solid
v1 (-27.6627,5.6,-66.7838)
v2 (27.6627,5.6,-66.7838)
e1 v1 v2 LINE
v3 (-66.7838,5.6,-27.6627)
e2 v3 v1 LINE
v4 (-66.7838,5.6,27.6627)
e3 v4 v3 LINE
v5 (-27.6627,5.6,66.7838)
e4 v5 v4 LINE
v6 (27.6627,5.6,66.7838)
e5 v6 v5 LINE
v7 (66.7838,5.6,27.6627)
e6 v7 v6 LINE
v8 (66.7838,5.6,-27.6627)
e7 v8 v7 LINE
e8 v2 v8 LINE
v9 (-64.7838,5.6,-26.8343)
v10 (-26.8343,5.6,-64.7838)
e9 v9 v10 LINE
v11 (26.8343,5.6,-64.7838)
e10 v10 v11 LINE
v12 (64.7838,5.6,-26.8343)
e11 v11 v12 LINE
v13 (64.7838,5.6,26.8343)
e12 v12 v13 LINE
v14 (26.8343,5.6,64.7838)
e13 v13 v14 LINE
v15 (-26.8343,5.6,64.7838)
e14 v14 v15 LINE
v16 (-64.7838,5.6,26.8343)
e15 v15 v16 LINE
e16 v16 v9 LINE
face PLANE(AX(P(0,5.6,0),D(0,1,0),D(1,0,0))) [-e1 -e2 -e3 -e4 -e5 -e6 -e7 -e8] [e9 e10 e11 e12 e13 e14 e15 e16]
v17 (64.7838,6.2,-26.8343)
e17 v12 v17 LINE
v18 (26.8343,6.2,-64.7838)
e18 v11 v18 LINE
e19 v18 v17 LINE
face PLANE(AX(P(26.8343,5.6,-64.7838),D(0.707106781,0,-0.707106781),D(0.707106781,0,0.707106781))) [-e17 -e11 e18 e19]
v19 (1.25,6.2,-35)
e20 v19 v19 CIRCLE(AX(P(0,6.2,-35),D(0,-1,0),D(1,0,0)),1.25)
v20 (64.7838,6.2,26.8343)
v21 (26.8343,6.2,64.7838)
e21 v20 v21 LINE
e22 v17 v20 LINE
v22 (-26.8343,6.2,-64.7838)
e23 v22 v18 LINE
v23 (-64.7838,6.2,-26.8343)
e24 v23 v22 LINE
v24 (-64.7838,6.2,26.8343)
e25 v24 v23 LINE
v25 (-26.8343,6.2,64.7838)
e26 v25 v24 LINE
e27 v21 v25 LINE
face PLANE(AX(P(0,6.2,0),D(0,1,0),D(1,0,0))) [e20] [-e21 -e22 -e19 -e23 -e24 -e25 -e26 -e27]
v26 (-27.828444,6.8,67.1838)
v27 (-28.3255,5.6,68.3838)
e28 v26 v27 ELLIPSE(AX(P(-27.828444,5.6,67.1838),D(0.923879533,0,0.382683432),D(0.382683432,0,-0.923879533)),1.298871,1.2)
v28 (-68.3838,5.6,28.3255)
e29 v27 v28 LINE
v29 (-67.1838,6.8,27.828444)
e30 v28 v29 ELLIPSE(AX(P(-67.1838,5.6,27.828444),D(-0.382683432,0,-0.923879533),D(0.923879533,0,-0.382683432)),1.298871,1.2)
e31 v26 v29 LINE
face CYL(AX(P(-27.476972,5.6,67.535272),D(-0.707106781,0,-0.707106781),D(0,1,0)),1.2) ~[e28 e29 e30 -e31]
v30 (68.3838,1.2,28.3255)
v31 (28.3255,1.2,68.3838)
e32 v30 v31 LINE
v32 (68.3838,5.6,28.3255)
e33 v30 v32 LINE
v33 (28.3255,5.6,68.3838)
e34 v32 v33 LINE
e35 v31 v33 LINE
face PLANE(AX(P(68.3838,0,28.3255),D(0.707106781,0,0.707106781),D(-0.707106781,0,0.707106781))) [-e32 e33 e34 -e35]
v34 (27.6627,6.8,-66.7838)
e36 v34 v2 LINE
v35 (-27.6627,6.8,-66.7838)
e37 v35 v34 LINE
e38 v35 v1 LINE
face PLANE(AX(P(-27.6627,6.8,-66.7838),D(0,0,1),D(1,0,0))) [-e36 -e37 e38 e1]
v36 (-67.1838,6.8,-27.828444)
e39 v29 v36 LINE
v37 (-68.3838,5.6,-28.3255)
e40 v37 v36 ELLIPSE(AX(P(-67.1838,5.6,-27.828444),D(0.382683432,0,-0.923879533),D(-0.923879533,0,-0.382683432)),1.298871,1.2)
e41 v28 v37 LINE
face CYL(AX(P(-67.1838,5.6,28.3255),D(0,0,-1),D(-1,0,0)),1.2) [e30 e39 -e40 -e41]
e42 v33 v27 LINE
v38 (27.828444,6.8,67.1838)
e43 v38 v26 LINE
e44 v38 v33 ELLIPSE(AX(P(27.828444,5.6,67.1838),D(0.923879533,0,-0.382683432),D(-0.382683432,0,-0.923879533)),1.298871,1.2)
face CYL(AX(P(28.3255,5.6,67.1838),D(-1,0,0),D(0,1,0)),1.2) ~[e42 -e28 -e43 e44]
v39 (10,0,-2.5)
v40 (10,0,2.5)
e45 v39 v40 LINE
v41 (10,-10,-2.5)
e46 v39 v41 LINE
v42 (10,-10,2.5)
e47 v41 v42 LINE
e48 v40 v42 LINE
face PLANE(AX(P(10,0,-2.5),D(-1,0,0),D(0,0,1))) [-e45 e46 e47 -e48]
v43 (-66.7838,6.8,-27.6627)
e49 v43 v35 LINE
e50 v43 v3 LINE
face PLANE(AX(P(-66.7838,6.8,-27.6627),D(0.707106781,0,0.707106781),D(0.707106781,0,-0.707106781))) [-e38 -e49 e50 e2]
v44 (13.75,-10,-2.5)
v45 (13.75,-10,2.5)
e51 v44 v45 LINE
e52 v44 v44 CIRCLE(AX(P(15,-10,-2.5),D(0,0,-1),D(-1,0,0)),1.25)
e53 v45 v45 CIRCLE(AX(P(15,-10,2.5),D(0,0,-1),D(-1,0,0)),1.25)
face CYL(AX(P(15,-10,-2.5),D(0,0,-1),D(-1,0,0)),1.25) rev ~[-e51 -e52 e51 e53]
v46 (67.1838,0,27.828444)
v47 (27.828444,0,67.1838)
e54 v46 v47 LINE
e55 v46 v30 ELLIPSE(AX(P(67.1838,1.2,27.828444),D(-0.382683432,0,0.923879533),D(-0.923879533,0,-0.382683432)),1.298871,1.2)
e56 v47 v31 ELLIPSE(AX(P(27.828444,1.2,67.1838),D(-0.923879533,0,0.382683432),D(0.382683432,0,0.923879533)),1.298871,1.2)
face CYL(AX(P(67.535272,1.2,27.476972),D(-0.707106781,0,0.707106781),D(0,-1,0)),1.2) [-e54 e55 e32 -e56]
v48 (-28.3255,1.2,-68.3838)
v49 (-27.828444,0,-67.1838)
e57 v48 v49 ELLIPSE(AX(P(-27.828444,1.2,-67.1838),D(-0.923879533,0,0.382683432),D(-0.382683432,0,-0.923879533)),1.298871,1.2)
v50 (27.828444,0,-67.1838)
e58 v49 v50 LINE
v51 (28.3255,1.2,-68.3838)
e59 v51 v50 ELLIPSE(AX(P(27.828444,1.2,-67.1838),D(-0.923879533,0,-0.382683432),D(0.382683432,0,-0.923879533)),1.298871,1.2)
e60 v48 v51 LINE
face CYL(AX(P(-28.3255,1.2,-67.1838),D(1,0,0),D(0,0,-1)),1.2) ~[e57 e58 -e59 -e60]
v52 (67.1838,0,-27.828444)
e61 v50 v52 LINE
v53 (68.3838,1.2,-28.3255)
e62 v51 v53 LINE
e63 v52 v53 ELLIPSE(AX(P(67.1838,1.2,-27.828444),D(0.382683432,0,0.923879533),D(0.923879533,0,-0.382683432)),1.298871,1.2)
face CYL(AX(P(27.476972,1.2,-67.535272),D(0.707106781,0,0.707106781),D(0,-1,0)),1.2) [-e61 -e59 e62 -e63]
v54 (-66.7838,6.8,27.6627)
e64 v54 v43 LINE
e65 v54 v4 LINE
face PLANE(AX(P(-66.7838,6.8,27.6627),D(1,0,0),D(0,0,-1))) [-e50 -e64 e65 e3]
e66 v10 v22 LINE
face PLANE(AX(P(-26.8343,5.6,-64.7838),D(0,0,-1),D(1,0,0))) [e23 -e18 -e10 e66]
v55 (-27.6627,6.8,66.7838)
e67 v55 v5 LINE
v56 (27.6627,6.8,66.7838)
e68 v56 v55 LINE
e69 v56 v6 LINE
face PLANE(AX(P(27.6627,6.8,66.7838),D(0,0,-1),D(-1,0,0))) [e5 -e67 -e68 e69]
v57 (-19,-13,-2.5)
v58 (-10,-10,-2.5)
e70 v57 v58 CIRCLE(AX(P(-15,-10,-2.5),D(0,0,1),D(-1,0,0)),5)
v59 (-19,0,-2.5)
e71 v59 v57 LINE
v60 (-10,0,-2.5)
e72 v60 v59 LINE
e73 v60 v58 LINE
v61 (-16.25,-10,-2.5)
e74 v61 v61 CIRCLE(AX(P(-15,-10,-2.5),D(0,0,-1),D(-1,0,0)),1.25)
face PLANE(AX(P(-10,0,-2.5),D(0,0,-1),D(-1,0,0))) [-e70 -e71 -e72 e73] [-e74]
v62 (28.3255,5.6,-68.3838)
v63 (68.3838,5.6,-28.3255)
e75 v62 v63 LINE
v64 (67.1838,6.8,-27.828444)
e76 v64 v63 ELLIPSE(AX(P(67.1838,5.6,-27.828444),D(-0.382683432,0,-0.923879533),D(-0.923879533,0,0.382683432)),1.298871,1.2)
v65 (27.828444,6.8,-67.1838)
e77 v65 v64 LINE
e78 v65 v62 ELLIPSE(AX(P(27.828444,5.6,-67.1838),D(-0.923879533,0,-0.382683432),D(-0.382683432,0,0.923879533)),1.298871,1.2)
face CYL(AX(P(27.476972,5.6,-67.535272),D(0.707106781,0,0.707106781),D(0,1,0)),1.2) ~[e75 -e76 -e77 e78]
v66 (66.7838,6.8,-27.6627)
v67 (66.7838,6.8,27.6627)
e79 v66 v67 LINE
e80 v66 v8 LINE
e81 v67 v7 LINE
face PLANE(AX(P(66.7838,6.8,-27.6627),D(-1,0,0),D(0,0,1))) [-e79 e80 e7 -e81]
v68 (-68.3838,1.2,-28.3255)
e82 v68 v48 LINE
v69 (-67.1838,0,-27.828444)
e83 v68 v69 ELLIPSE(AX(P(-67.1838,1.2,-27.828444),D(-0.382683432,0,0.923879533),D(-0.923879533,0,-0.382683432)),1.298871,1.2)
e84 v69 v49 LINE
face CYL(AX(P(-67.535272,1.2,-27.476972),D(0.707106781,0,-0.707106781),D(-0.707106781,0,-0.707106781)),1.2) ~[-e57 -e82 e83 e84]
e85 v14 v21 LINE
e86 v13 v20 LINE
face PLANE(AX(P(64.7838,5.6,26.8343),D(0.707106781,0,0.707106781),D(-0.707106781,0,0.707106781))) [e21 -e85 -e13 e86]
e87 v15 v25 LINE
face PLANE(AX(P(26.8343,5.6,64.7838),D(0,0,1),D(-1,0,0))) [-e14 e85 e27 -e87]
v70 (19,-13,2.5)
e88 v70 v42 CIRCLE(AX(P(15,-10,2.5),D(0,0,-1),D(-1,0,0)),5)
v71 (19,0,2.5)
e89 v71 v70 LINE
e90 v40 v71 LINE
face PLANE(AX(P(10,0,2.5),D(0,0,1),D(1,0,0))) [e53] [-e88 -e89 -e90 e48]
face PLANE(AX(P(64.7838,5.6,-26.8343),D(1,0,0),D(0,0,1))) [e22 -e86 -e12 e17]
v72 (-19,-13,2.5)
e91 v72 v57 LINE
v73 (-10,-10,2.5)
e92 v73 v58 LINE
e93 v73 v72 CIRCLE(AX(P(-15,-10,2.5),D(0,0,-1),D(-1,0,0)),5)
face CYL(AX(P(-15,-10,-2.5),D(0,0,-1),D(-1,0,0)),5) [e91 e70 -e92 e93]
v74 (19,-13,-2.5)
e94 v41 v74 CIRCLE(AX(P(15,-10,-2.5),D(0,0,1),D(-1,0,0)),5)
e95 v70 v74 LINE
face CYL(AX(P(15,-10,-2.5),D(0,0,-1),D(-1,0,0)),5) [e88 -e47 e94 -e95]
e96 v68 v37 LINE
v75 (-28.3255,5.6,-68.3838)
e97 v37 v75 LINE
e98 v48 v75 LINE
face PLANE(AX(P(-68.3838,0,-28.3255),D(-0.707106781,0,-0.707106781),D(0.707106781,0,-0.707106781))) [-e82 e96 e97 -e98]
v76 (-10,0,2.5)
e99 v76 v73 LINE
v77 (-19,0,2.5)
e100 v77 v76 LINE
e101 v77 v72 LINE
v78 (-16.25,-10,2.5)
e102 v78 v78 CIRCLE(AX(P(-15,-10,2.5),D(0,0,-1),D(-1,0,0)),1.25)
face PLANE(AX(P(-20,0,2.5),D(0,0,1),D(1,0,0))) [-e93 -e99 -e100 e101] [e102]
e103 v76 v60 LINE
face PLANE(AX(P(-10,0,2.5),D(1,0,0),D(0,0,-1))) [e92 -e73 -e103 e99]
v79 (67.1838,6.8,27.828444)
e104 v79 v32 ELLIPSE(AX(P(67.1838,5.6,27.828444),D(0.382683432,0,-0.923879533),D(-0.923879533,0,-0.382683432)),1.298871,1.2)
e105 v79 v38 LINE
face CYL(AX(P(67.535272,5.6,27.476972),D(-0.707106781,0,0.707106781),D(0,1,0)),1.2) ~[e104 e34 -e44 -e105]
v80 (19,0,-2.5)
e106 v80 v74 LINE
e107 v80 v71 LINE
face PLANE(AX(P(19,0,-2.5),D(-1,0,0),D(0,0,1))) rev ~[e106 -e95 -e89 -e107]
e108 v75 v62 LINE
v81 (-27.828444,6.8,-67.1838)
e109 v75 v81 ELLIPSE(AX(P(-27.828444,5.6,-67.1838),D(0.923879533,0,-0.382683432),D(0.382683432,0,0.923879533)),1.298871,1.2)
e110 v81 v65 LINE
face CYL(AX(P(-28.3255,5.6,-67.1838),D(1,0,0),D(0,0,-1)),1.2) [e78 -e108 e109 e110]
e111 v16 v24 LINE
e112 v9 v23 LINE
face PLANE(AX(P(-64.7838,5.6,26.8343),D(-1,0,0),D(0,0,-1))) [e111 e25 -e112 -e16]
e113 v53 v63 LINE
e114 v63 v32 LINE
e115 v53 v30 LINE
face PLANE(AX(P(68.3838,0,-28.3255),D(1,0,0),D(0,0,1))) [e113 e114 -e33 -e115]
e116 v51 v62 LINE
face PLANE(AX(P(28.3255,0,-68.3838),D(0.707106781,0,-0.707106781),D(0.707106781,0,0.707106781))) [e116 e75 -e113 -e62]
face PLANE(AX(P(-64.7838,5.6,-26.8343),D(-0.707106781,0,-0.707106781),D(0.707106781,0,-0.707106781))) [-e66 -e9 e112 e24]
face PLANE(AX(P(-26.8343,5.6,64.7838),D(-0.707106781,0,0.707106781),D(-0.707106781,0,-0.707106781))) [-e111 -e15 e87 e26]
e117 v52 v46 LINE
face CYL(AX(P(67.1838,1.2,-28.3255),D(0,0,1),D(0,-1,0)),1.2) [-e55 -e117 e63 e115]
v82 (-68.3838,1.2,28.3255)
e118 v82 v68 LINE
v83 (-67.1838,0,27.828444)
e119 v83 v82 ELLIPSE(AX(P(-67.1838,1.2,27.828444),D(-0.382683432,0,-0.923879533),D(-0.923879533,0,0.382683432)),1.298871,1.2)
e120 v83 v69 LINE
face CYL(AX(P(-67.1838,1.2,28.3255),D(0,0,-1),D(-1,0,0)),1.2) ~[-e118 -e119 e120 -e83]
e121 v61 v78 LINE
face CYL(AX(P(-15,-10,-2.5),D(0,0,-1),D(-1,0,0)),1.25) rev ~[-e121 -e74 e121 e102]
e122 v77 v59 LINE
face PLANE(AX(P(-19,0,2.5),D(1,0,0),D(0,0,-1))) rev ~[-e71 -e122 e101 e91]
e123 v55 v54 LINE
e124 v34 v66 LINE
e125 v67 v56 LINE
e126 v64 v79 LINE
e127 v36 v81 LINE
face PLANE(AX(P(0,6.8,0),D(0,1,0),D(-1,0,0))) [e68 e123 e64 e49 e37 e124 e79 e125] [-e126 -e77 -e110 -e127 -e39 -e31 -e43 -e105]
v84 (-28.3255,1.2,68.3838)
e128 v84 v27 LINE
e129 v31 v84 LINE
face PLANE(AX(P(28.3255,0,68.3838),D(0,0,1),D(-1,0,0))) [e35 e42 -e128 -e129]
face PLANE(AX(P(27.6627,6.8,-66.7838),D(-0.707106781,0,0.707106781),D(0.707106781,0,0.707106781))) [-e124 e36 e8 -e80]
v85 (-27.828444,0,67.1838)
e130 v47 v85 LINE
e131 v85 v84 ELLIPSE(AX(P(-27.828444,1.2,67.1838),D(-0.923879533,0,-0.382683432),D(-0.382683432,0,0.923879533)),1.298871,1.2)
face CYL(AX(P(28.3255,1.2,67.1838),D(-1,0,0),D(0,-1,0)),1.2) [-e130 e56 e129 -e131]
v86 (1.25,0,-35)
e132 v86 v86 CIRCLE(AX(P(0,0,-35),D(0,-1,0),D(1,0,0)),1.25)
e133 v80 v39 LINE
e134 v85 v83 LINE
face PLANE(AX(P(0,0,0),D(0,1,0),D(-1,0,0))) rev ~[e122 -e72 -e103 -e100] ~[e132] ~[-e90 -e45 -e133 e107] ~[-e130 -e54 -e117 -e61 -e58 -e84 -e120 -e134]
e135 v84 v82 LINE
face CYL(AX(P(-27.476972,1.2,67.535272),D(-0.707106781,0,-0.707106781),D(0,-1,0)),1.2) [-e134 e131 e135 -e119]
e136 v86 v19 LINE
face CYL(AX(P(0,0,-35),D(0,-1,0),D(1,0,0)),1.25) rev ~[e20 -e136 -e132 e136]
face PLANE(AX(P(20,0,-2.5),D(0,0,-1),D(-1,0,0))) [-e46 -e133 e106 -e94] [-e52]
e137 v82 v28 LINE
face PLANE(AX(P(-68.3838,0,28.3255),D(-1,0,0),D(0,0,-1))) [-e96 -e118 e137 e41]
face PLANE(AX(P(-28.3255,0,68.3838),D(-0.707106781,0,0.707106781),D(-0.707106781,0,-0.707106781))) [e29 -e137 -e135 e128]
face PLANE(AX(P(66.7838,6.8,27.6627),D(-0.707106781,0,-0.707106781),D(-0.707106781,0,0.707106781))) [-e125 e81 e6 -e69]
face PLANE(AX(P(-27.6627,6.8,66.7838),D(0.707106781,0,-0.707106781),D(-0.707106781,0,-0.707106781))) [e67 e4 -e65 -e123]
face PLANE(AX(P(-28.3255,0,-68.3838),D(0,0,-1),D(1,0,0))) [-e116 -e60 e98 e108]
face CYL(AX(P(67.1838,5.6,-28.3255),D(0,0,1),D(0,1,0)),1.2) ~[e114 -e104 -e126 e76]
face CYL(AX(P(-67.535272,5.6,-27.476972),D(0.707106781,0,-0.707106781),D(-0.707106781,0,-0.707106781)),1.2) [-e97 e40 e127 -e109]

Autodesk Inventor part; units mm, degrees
ref_plane "YZ Plane" through (0, 0, 0) normal (1, 0, 0) x (0, 1, 0)
ref_plane "XZ Plane" through (0, 0, 0) normal (0, 1, 0) x (-1, 0, 0)
ref_plane "XY Plane" through (0, 0, 0) normal (0, 0, 1) x (1, 0, 0)
sketch "스케치3" plane through (0, 0, 0) normal (0, 1, 0) x (-1, 0, 0)
  line L0 (68.3838, -28.3255) -> (28.3255, -68.3838)
  line L1 (28.3255, -68.3838) -> (-28.3255, -68.3838)
  line L2 (-28.3255, -68.3838) -> (-68.3838, -28.3255)
  line L3 (-68.3838, -28.3255) -> (-68.3838, 28.3255)
  line L4 (-68.3838, 28.3255) -> (-28.3255, 68.3838)
  line L5 (-28.3255, 68.3838) -> (28.3255, 68.3838)
  line L6 (28.3255, 68.3838) -> (68.3838, 28.3255)
  line L7 (68.3838, 28.3255) -> (68.3838, -28.3255)
  line L8 (65.1838, -27) -> (27, -65.1838)
  line L9 (27, -65.1838) -> (-27, -65.1838)
  line L10 (-27, -65.1838) -> (-65.1838, -27)
  line L11 (-65.1838, -27) -> (-65.1838, 27)
  line L12 (-65.1838, 27) -> (-27, 65.1838)
  line L13 (-27, 65.1838) -> (27, 65.1838)
  line L14 (27, 65.1838) -> (65.1838, 27)
  line L15 (65.1838, 27) -> (65.1838, -27)
  point P0 (0, 0)
  point P1 (0, 0)
  point P2 (0, 0)
  point P3 (0, 0)
  dimension "d43" = 54
  dimension "d44" = 3.2
extrude "돌출2" add sketch "스케치3" along normal blind 6.8 contours L0 L1 L2 L3 L4 L5 L6 L7 | L8 L9 L10 L11 L12 L13 L14 L15
sketch "스케치4" plane through (0, 6.8, 0) normal (0, 1, 0) x (1, 0, 0)
  line L0 (26.9172, -64.9838) -> (-26.9172, -64.9838)
  line L1 (-26.9172, -64.9838) -> (-64.9838, -26.9172)
  line L2 (-64.9838, -26.9172) -> (-64.9838, 26.9172)
  line L3 (-64.9838, 26.9172) -> (-26.9172, 64.9838)
  line L4 (-26.9172, 64.9838) -> (26.9172, 64.9838)
  line L5 (26.9172, 64.9838) -> (64.9838, 26.9172)
  line L6 (64.9838, 26.9172) -> (64.9838, -26.9172)
  line L7 (64.9838, -26.9172) -> (26.9172, -64.9838)
  line L8 (-27.6627, 66.7838) -> (27.6627, 66.7838)
  line L9 (27.6627, 66.7838) -> (66.7838, 27.6627)
  line L10 (66.7838, 27.6627) -> (66.7838, -27.6627)
  line L11 (66.7838, -27.6627) -> (27.6627, -66.7838)
  line L12 (27.6627, -66.7838) -> (-27.6627, -66.7838)
  line L13 (-27.6627, -66.7838) -> (-66.7838, -27.6627)
  line L14 (-66.7838, -27.6627) -> (-66.7838, 27.6627)
  line L15 (-66.7838, 27.6627) -> (-27.6627, 66.7838)
  line L16 (-26.8343, 64.7838) -> (26.8343, 64.7838)
  line L17 (26.8343, 64.7838) -> (64.7838, 26.8343)
  line L18 (64.7838, 26.8343) -> (64.7838, -26.8343)
  line L19 (64.7838, -26.8343) -> (26.8343, -64.7838)
  line L20 (26.8343, -64.7838) -> (-26.8343, -64.7838)
  line L21 (-26.8343, -64.7838) -> (-64.7838, -26.8343)
  line L22 (-64.7838, -26.8343) -> (-64.7838, 26.8343)
  line L23 (-64.7838, 26.8343) -> (-26.8343, 64.7838)
  line L24 (-68.3838, 28.3255) -> (-68.3838, -28.3255) projected
  point P0 (0, 0)
  point P1 (0, 0)
  point P2 (0, 0)
  point P3 (0, 0)
  dimension "d42" = 1.8
  dimension "d45" = 0.2
  dimension "d60" = 1.6
extrude "돌출3" cut sketch "스케치4" against normal blind 1.2 contours L0 L1 L2 L3 L4 L5 L6 L7 | L8 L9 L10 L11 L12 L13 L14 L15 | L16 L17 L18 L19 L20 L21 L22 L23
sketch "스케치5" plane through (0, 0, 0) normal (0, -1, 0) x (1, 0, 0)
  line L0 (10, 2.5) -> (20, 2.5)
  line L1 (20, 2.5) -> (20, -2.5)
  line L2 (20, -2.5) -> (10, -2.5)
  line L3 (10, -2.5) -> (10, 2.5)
  line L4 (10, 2.5) -> (20, -2.5) construction
  line L5 (20, 2.5) -> (10, -2.5) construction
  line L6 (-20, 2.5) -> (-10, 2.5)
  line L7 (-10, 2.5) -> (-10, -2.5)
  line L8 (-10, -2.5) -> (-20, -2.5)
  line L9 (-20, -2.5) -> (-20, 2.5)
  line L10 (-20, 2.5) -> (-10, -2.5) construction
  line L11 (-10, 2.5) -> (-20, -2.5) construction
  point P0 (0, 0)
  point P1 (15, 0)
  point P2 (-15, 0)
  dimension "d11" = 10
  dimension "d12" = 5
  dimension "d13" = 10
  dimension "d16" = 30
extrude "돌출4" add sketch "스케치5" along normal blind 10
sketch "스케치6" plane through (-10, 0, -2.5) normal (0, 0, -1) x (-1, 0, 0)
  circle A0 centre (5, -10) radius 5
  circle A1 centre (-25, -10) radius 5
  line L0 (-20, -10) -> (-30, -10) projected
  line L1 (10, -10) -> (0, -10) projected
  point P0 (-10, 0)
  dimension "d23" = 10
  dimension "d24" = 10
extrude "돌출5" add sketch "스케치6" against normal blind 5
sketch "스케치7" plane through (-10, 0, -2.5) normal (0, 0, -1) x (-1, 0, 0)
  circle A0 centre (5, -10) radius 1.25
  line L0 (10, 0) -> (10, -10) projected
  line L1 (0, 0) -> (10, 0) projected
  line L2 (4.7788, 0) -> (0, 0)
  circle A1 centre (-25, -10) radius 1.25
  point P0 (-10, 0)
  dimension "d27" = 2.5
  dimension "d28" = 5
  dimension "d31" = 30
extrude "돌출6" cut sketch "스케치7" against normal blind 5
sketch "스케치8" plane through (0, 0, 0) normal (0, -1, 0) x (1, 0, 0)
  circle A0 centre (0, -35) radius 1.25
  line L0 (-10, 2.5) -> (-10, -2.5) projected
  point P0 (0, 0)
  point P1 (-10, 0)
  dimension "d38" = 2.5
  dimension "d39" = 35
sketch "스케치9" plane through (0, 5.6, 0) normal (0, 1, 0) x (1, 0, 0)
  line L0 (-26.8343, 64.7838) -> (26.8343, 64.7838)
  line L1 (26.8343, 64.7838) -> (64.7838, 26.8343)
  line L2 (64.7838, 26.8343) -> (64.7838, -26.8343)
  line L3 (64.7838, -26.8343) -> (26.8343, -64.7838)
  line L4 (26.8343, -64.7838) -> (-26.8343, -64.7838)
  line L5 (-26.8343, -64.7838) -> (-64.7838, -26.8343)
  line L6 (-64.7838, -26.8343) -> (-64.7838, 26.8343)
  line L7 (-64.7838, 26.8343) -> (-26.8343, 64.7838)
  line L8 (-27.6627, 66.7838) -> (27.6627, 66.7838) projected
  line L9 (-25.5917, 61.7838) -> (25.5917, 61.7838)
  line L10 (25.5917, 61.7838) -> (61.7838, 25.5917)
  line L11 (61.7838, 25.5917) -> (61.7838, -25.5917)
  line L12 (61.7838, -25.5917) -> (25.5917, -61.7838)
  line L13 (25.5917, -61.7838) -> (-25.5917, -61.7838)
  line L14 (-25.5917, -61.7838) -> (-61.7838, -25.5917)
  line L15 (-61.7838, -25.5917) -> (-61.7838, 25.5917)
  line L16 (-61.7838, 25.5917) -> (-25.5917, 61.7838)
  point P0 (0, 0)
  point P1 (0, 0)
  point P2 (0, 0)
  dimension "d46" = 2
  dimension "d47" = 3
extrude "돌출8" add sketch "스케치9" along normal blind 0.6 contours L0 L1 L2 L3 L4 L5 L6 L7 | L9 L10 L11 L12 L13 L14 L15 L16
fillet "모깎기1" radius 1.2 16 edges at (-68.3838, 6.8, 0) (-48.3546, 6.8, 48.3546) (0, 6.8, 68.3838) (48.3546, 6.8, 48.3546) (68.3838, 6.8, 0) (48.3546, 6.8, -48.3546) (0, 6.8, -68.3838) (-48.3546, 6.8, -48.3546) (48.3546, 0, 48.3546) (0, 0, 68.3838) (-48.3546, 0, 48.3546) (-68.3838, 0, 0) (-48.3546, 0, -48.3546) (0, 0, -68.3838) (48.3546, 0, -48.3546) (68.3838, 0, 0)
sketch "스케치10" plane through (0, 0, 0) normal (0, -1, 0) x (1, 0, 0)
  line L0 (-20, 2.5) -> (-10, 2.5) projected
  line L1 (-10, -2.5) -> (-20, -2.5) projected
  line L2 (-20, 2.5) -> (-19, 2.5)
  line L3 (-19, 2.5) -> (-19, -2.5)
  line L4 (-19, -2.5) -> (-20, -2.5)
  line L5 (-20, -2.5) -> (-20, 2.5)
  line L6 (20, -2.5) -> (10, -2.5) projected
  line L7 (10, 2.5) -> (20, 2.5) projected
  line L8 (20, -2.5) -> (19, -2.5)
  line L9 (19, -2.5) -> (19, 2.5)
  line L10 (19, 2.5) -> (20, 2.5)
  line L11 (20, 2.5) -> (20, -2.5)
  point P0 (0, 0)
  dimension "d54" = 1
  dimension "d55" = 1
extrude "돌출9" cut sketch "스케치10" along normal blind 15
extrude "돌출10" cut sketch "스케치8" against normal up to surface (6.2 mm away)
equation "\"d55\" = d54"
properties part number "OV-PAM_top_2"
